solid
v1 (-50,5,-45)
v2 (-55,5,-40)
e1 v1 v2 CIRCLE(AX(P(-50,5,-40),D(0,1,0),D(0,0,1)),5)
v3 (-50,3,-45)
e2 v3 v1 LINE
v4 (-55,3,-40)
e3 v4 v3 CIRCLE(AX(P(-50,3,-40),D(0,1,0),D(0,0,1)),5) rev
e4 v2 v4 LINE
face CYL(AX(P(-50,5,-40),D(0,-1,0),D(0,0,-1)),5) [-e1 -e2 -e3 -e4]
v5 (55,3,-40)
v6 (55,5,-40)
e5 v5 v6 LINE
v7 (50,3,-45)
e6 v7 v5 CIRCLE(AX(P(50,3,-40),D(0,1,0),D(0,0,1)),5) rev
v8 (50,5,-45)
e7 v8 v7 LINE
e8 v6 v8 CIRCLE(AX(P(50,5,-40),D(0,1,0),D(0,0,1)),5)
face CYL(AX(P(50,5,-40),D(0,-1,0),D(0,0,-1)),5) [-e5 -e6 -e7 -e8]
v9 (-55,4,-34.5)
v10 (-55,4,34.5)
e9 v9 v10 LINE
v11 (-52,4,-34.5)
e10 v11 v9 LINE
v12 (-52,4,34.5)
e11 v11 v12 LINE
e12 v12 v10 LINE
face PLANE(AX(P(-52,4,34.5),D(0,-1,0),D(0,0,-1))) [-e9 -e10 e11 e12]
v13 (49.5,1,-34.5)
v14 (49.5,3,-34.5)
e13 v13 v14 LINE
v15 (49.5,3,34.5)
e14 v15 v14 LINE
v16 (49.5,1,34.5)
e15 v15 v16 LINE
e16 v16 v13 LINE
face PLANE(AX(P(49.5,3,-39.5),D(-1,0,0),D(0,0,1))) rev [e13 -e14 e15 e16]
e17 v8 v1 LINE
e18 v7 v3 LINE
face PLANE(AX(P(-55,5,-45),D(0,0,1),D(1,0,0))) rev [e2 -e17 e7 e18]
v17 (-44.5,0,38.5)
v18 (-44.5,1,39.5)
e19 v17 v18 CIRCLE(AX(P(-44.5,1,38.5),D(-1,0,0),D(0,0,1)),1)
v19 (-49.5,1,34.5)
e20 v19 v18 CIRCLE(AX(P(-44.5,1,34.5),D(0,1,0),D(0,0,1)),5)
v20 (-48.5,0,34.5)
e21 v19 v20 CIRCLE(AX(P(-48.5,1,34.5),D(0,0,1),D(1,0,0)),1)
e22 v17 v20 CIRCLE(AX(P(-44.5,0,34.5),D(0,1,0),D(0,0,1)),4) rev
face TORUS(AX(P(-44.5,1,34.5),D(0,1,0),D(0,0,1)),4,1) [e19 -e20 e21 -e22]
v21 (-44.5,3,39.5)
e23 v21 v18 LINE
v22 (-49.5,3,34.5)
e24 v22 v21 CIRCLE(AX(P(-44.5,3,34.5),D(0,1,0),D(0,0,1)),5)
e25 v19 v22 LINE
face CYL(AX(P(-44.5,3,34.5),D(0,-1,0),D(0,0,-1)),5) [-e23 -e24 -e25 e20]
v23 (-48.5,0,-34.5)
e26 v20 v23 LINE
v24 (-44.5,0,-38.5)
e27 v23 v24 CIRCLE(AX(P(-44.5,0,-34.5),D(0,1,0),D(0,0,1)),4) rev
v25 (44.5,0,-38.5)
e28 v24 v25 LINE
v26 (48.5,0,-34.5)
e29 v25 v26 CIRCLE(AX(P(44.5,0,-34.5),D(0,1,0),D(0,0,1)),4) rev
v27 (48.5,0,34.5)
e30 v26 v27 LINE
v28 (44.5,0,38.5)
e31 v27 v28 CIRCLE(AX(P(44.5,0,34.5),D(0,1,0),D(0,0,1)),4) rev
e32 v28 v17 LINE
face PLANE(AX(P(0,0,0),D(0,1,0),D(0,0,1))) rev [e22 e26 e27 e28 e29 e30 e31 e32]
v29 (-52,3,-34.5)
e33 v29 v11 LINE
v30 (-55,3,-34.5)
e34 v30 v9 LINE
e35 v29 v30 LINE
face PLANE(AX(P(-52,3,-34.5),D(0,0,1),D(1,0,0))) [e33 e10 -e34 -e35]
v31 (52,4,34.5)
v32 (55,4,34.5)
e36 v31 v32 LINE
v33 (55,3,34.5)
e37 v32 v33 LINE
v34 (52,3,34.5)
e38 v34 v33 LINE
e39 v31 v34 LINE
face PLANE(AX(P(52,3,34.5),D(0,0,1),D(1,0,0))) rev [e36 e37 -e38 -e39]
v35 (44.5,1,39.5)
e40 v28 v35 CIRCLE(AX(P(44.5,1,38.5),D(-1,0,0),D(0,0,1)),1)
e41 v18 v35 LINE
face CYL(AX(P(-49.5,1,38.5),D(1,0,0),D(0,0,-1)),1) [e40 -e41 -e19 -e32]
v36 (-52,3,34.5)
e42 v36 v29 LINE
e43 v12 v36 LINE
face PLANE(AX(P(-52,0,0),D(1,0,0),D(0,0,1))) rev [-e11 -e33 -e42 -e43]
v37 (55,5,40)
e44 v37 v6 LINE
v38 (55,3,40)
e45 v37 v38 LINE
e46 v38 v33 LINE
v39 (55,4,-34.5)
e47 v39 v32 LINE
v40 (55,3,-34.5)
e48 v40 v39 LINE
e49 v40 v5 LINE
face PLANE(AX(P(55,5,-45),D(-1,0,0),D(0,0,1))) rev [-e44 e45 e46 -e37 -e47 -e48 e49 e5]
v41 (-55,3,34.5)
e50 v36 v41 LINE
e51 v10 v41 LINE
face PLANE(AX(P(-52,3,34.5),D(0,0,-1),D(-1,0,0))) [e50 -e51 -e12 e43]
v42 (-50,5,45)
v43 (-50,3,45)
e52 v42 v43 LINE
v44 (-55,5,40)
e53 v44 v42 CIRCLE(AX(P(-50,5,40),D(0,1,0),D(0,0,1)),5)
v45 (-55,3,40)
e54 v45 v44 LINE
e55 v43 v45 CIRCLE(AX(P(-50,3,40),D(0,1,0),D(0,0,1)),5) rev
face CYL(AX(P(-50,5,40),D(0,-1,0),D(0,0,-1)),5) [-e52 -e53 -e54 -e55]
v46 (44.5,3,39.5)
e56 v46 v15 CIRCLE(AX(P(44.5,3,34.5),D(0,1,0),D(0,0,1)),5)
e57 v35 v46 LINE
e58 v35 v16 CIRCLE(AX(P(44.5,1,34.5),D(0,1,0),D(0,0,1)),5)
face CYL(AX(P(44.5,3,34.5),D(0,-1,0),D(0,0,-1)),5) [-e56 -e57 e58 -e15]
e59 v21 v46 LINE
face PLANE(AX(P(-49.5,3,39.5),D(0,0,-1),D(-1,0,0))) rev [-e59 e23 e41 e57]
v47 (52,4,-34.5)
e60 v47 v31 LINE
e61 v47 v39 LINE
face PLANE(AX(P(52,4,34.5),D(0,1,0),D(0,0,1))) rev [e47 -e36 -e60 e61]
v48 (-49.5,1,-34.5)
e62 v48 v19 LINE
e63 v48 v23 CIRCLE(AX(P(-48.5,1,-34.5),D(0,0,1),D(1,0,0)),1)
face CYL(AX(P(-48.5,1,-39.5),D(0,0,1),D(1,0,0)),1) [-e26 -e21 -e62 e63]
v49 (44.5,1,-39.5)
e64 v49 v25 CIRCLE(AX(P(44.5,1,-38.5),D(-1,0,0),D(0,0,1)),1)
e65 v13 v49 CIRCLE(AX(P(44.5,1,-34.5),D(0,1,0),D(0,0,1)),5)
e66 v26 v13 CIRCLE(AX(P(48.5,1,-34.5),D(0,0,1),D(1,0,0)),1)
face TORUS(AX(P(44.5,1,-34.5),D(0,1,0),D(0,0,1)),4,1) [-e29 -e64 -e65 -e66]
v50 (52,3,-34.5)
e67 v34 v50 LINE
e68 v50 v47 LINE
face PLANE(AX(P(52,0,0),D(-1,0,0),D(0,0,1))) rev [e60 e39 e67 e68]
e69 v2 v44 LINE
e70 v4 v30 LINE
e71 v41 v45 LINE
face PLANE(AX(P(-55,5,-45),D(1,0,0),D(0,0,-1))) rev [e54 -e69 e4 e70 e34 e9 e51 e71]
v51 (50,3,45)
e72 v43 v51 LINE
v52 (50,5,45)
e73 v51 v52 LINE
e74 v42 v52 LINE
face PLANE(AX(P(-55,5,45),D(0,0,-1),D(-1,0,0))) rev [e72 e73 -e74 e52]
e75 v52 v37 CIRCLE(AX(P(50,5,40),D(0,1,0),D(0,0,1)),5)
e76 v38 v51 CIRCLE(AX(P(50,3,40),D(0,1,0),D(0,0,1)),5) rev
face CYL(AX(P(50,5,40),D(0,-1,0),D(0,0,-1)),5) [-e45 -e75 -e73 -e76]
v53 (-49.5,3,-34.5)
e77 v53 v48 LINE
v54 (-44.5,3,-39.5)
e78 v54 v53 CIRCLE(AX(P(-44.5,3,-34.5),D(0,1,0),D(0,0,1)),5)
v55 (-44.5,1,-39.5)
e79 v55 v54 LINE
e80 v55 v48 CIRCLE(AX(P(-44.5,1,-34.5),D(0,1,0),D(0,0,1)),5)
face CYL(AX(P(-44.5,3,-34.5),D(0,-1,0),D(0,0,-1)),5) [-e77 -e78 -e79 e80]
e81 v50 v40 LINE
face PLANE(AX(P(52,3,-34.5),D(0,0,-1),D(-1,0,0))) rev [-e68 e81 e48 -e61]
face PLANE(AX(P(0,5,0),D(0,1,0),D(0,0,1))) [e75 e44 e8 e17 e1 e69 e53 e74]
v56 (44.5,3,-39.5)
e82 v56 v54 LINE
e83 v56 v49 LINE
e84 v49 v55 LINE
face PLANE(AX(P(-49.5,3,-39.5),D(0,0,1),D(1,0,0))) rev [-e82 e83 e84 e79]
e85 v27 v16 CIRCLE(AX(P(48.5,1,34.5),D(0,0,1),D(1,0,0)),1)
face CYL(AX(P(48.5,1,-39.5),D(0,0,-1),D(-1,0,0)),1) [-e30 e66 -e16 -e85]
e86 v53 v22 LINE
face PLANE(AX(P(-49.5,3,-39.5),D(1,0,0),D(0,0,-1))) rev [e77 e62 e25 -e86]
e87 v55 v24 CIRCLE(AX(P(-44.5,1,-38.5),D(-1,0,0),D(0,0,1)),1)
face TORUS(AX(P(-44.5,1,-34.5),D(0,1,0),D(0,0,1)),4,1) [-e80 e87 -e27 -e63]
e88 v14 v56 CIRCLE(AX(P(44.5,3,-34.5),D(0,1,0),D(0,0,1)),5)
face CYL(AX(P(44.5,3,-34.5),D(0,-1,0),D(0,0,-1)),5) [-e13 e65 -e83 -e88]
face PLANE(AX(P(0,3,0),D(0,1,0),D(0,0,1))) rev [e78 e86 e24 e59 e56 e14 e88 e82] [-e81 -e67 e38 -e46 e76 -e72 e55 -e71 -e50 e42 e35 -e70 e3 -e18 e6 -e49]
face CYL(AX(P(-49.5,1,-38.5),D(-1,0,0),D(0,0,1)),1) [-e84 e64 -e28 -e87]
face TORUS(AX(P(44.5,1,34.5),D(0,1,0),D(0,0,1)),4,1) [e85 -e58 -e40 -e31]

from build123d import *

# Parameters (mm, degrees)
SKETCH1_W           = 99
SKETCH1_H           = 79
BOSS_EXTRUDE1_DEPTH = 3
FILLET1_R           = 5
FILLET2_R           = 1
SKETCH2_W           = 110
SKETCH2_H           = 90
BOSS_EXTRUDE2_DEPTH = 2
FILLET3_R           = 5
SKETCH3_W           = 69
SKETCH3_H           = 1
CUT_EXTRUDE1_DEPTH  = 3


with BuildPart() as part:
    # Sketch1 → Boss-Extrude1 (new body)
    with BuildSketch(Plane(origin=(0, 0, 0), x_dir=(1, 0, 0), z_dir=(0, 1, 0))):
        Rectangle(SKETCH1_W, SKETCH1_H)
    extrude(amount=BOSS_EXTRUDE1_DEPTH)

    # Fillet1
    fillet1_edges = [part.edges().sort_by_distance(p)[0] for p in [
        (49.5, 1.5, 39.5),
        (-49.5, 1.5, 39.5),
        (-49.5, 1.5, -39.5),
        (49.5, 1.5, -39.5),
    ]]
    fillet(fillet1_edges, radius=FILLET1_R)

    # Fillet2
    fillet2_edges = [part.edges().sort_by_distance(p)[0] for p in [
        (0, 0, -39.5),
        (49.5, 0, 0),
        (0, 0, 39.5),
        (-49.5, 0, 0),
        (48.035533906, 0, 38.035533906),
        (-48.035533906, 0, 38.035533906),
        (-48.035533906, 0, -38.035533906),
        (48.035533906, 0, -38.035533906),
    ]]
    fillet(fillet2_edges, radius=FILLET2_R)

    # Sketch2 → Boss-Extrude2 (add)
    with BuildSketch(Plane(origin=(0, 3, 0), x_dir=(1, 0, 0), z_dir=(0, 1, 0))):
        Rectangle(SKETCH2_W, SKETCH2_H)
    extrude(amount=BOSS_EXTRUDE2_DEPTH)

    # Fillet3
    fillet3_edges = [part.edges().sort_by_distance(p)[0] for p in [
        (55, 4, 45),
        (55, 4, -45),
        (-55, 4, -45),
        (-55, 4, 45),
    ]]
    fillet(fillet3_edges, radius=FILLET3_R)

    # Sketch3 → Cut-Extrude1 (cut)
    with BuildSketch(Plane(origin=(55, 0, 0), x_dir=(0, 0, -1), z_dir=(1, 0, 0))):
        with Locations((0, 3.5)):
            Rectangle(SKETCH3_W, SKETCH3_H)
    cut_extrude1 = extrude(amount=-CUT_EXTRUDE1_DEPTH, mode=Mode.SUBTRACT)

    # Mirror1: Cut-Extrude1 across plane
    add(cut_extrude1.mirror(Plane(origin=(0, 0, 0), x_dir=(0, 0, 1), z_dir=(1, 0, 0))), mode=Mode.SUBTRACT)


solid = part.part
